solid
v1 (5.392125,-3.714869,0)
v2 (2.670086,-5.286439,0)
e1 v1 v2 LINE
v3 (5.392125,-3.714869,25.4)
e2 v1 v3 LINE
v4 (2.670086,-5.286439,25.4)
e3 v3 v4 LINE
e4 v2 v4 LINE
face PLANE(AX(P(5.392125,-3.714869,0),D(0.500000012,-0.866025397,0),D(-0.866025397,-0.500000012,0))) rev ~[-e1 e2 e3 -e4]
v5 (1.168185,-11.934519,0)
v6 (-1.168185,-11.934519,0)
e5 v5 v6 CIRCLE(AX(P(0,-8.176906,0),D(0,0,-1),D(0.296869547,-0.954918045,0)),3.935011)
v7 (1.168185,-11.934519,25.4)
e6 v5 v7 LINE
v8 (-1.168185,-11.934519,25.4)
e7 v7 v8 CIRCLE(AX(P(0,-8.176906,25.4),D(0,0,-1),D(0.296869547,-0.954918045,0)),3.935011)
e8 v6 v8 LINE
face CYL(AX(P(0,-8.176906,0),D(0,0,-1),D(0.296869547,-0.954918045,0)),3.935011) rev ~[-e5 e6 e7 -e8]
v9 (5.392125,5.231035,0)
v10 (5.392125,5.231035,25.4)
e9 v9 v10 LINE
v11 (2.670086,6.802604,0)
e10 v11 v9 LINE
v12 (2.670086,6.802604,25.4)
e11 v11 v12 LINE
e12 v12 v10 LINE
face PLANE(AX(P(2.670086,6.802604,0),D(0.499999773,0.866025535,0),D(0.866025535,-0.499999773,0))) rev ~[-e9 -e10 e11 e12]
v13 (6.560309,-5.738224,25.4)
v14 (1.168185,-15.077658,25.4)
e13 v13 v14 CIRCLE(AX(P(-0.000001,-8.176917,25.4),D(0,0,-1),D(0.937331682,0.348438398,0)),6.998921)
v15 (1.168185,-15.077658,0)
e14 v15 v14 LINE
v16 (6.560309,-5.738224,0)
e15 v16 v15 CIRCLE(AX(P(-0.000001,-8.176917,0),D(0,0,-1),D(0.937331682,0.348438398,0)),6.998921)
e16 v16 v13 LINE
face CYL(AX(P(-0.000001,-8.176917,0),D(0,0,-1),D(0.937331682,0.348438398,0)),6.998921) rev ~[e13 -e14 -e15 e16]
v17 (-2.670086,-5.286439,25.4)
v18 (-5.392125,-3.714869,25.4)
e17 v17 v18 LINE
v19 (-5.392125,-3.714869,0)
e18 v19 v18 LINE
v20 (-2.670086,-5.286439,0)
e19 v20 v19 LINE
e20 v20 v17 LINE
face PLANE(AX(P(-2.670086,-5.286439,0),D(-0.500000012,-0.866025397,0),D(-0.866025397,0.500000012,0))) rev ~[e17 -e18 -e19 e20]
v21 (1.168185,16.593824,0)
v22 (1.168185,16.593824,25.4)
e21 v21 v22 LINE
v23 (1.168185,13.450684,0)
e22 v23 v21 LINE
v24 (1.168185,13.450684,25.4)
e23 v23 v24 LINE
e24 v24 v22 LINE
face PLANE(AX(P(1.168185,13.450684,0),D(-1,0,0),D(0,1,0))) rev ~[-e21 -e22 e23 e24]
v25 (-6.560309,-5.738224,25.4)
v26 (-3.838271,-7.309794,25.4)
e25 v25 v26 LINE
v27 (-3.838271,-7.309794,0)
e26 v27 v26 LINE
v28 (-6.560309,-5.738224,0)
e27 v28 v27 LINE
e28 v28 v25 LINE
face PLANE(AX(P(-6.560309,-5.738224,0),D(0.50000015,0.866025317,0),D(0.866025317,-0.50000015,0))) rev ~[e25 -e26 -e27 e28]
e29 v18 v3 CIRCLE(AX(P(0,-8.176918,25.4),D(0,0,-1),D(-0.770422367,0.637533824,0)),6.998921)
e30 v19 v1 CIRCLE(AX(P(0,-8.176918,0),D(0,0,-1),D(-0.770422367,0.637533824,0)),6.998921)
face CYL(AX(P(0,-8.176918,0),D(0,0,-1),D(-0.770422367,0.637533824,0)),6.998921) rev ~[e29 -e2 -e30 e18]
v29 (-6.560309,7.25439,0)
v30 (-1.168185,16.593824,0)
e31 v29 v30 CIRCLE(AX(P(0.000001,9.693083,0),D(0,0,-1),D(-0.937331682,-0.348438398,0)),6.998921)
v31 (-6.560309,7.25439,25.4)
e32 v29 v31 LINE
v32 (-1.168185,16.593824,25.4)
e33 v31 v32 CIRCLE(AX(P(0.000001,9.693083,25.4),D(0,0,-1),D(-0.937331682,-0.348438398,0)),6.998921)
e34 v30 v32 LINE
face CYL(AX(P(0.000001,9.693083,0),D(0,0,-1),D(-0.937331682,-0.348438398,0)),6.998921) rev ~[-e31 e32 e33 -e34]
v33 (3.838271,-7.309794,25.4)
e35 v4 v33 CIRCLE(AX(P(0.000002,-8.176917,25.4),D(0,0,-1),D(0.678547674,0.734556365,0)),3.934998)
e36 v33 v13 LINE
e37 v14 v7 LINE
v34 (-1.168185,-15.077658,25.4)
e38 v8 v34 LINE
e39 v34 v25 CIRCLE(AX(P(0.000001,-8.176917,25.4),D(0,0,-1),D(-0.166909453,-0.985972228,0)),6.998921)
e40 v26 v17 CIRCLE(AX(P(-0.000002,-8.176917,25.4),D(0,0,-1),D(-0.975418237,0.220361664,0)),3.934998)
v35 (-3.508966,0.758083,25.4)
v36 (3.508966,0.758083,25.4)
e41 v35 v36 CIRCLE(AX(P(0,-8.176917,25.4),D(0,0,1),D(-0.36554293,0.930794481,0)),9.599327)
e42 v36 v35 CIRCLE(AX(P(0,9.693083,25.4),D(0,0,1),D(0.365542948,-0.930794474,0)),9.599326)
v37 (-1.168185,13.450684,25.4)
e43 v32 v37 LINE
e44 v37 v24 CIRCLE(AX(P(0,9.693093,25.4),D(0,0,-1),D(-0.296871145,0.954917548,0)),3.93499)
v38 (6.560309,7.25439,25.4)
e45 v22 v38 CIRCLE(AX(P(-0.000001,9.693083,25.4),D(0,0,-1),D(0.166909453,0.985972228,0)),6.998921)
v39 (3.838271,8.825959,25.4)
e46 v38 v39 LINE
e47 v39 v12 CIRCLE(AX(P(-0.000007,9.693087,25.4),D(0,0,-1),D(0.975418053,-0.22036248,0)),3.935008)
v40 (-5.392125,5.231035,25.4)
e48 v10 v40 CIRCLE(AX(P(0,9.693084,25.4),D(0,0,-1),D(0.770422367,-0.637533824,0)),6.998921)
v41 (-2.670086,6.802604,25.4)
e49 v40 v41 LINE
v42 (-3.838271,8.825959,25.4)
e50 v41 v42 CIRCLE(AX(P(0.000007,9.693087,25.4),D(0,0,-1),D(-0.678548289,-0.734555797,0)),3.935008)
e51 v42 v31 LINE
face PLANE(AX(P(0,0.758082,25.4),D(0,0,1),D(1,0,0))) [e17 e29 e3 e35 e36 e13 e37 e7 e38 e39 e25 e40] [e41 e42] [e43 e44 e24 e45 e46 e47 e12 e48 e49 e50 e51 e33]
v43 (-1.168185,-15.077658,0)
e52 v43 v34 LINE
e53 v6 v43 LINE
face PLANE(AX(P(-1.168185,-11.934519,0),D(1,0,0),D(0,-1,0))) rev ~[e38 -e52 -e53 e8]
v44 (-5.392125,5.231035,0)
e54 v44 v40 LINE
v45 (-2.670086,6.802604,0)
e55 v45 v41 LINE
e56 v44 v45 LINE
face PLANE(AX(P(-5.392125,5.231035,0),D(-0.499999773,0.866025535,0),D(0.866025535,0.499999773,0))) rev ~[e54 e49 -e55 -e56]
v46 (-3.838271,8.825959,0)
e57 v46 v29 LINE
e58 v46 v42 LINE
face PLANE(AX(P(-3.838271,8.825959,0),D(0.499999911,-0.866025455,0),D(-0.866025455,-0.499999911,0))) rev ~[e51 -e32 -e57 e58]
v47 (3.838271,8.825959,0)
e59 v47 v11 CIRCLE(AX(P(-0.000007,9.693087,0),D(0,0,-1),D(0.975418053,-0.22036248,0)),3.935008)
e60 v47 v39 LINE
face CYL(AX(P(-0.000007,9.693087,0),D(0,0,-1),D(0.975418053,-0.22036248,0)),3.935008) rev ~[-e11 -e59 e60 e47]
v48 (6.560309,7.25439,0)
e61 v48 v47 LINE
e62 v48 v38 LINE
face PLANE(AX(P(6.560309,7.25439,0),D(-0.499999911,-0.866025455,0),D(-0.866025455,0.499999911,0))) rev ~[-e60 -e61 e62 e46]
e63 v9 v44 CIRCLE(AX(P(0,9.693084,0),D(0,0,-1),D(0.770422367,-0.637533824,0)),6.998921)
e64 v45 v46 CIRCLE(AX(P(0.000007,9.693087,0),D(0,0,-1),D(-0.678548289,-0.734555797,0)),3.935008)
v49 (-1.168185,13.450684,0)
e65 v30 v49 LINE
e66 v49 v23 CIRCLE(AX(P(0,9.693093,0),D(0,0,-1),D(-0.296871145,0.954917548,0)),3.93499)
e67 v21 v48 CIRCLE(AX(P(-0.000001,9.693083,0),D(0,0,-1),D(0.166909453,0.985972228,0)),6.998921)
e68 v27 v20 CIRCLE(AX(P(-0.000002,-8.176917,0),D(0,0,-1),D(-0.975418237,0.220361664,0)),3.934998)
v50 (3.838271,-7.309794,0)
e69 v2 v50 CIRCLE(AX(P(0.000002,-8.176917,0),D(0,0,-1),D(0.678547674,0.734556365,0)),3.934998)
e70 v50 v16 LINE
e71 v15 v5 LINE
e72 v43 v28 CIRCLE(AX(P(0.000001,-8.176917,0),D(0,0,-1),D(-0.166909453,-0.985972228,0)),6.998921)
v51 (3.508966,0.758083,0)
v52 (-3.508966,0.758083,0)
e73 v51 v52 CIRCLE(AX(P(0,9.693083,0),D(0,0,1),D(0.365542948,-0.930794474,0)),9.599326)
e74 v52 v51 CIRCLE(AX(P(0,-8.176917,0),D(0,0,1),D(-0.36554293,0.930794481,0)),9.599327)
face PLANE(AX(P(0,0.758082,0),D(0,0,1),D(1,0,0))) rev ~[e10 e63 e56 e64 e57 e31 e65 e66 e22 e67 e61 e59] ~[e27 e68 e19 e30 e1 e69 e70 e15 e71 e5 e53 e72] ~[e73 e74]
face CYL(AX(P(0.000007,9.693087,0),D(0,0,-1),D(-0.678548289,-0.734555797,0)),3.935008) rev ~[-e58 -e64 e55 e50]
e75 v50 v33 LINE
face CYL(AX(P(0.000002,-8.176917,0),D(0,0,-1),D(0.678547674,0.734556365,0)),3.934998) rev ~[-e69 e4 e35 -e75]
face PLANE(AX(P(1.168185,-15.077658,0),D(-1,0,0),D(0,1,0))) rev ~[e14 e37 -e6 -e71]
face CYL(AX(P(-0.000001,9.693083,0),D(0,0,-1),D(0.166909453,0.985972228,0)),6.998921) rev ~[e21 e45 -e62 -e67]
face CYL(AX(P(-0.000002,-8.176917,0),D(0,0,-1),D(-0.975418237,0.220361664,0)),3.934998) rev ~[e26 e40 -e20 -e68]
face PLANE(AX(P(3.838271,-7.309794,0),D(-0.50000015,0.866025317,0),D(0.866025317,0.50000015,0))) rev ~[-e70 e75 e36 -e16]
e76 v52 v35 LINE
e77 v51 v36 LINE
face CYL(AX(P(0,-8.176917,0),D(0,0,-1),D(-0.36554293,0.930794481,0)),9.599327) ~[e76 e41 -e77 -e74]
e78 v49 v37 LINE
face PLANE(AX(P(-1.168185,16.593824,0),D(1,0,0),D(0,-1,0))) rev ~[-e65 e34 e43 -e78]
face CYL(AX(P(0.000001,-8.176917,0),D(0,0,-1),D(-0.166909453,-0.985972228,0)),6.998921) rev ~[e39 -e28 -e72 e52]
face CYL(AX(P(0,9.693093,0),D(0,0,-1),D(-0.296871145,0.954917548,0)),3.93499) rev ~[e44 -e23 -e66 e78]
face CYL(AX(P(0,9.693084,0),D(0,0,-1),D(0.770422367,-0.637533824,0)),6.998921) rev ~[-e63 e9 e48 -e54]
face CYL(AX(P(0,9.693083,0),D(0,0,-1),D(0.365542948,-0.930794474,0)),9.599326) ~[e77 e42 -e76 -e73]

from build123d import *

# Parameters (mm, degrees)
F1_DEPTH = 25.4


with BuildPart() as f1:
    # F0 (on Top) → F1 (new body)
    with BuildSketch(Plane.XY):
        with BuildLine():
            ThreePointArc((-3.508966, 0.758083), (0, -17.776244), (3.508966, 0.758083))
            ThreePointArc((3.508966, 0.758083), (0, 19.292409), (-3.508966, 0.758083))
        make_face()
        with BuildLine():
            Line((-2.670086, -5.286439), (-5.392125, -3.714869))
            ThreePointArc((-5.392125, -3.714869), (0, -1.177997), (5.392125, -3.714869))
            Line((5.392125, -3.714869), (2.670086, -5.286439))
            ThreePointArc((2.670086, -5.286439), (3.40781, -6.209417), (3.838271, -7.309794))
            Line((3.838271, -7.309794), (6.560309, -5.738224))
            ThreePointArc((6.560309, -5.738224), (6.061242, -11.676377), (1.168185, -15.077658))
            Line((1.168185, -15.077658), (1.168185, -11.934519))
            ThreePointArc((1.168185, -11.934519), (0, -12.111917), (-1.168185, -11.934519))
            Line((-1.168185, -11.934519), (-1.168185, -15.077658))
            ThreePointArc((-1.168185, -15.077658), (-6.061242, -11.676377), (-6.560309, -5.738224))
            Line((-6.560309, -5.738224), (-3.838271, -7.309794))
            ThreePointArc((-3.838271, -7.309794), (-3.40781, -6.209417), (-2.670086, -5.286439))
        make_face(mode=Mode.SUBTRACT)
        with BuildLine():
            ThreePointArc((-6.560309, 7.25439), (-6.061242, 13.192543), (-1.168185, 16.593824))
            Line((-1.168185, 16.593824), (-1.168185, 13.450684))
            ThreePointArc((-1.168185, 13.450684), (0, 13.628083), (1.168185, 13.450684))
            Line((1.168185, 13.450684), (1.168185, 16.593824))
            ThreePointArc((1.168185, 16.593824), (6.061242, 13.192543), (6.560309, 7.25439))
            Line((6.560309, 7.25439), (3.838271, 8.825959))
            ThreePointArc((3.838271, 8.825959), (3.40781, 7.725583), (2.670086, 6.802604))
            Line((2.670086, 6.802604), (5.392125, 5.231035))
            ThreePointArc((5.392125, 5.231035), (0, 2.694163), (-5.392125, 5.231035))
            Line((-5.392125, 5.231035), (-2.670086, 6.802604))
            ThreePointArc((-2.670086, 6.802604), (-3.40781, 7.725583), (-3.838271, 8.825959))
            Line((-3.838271, 8.825959), (-6.560309, 7.25439))
        make_face(mode=Mode.SUBTRACT)
    extrude(amount=F1_DEPTH)


solid = f1.part
